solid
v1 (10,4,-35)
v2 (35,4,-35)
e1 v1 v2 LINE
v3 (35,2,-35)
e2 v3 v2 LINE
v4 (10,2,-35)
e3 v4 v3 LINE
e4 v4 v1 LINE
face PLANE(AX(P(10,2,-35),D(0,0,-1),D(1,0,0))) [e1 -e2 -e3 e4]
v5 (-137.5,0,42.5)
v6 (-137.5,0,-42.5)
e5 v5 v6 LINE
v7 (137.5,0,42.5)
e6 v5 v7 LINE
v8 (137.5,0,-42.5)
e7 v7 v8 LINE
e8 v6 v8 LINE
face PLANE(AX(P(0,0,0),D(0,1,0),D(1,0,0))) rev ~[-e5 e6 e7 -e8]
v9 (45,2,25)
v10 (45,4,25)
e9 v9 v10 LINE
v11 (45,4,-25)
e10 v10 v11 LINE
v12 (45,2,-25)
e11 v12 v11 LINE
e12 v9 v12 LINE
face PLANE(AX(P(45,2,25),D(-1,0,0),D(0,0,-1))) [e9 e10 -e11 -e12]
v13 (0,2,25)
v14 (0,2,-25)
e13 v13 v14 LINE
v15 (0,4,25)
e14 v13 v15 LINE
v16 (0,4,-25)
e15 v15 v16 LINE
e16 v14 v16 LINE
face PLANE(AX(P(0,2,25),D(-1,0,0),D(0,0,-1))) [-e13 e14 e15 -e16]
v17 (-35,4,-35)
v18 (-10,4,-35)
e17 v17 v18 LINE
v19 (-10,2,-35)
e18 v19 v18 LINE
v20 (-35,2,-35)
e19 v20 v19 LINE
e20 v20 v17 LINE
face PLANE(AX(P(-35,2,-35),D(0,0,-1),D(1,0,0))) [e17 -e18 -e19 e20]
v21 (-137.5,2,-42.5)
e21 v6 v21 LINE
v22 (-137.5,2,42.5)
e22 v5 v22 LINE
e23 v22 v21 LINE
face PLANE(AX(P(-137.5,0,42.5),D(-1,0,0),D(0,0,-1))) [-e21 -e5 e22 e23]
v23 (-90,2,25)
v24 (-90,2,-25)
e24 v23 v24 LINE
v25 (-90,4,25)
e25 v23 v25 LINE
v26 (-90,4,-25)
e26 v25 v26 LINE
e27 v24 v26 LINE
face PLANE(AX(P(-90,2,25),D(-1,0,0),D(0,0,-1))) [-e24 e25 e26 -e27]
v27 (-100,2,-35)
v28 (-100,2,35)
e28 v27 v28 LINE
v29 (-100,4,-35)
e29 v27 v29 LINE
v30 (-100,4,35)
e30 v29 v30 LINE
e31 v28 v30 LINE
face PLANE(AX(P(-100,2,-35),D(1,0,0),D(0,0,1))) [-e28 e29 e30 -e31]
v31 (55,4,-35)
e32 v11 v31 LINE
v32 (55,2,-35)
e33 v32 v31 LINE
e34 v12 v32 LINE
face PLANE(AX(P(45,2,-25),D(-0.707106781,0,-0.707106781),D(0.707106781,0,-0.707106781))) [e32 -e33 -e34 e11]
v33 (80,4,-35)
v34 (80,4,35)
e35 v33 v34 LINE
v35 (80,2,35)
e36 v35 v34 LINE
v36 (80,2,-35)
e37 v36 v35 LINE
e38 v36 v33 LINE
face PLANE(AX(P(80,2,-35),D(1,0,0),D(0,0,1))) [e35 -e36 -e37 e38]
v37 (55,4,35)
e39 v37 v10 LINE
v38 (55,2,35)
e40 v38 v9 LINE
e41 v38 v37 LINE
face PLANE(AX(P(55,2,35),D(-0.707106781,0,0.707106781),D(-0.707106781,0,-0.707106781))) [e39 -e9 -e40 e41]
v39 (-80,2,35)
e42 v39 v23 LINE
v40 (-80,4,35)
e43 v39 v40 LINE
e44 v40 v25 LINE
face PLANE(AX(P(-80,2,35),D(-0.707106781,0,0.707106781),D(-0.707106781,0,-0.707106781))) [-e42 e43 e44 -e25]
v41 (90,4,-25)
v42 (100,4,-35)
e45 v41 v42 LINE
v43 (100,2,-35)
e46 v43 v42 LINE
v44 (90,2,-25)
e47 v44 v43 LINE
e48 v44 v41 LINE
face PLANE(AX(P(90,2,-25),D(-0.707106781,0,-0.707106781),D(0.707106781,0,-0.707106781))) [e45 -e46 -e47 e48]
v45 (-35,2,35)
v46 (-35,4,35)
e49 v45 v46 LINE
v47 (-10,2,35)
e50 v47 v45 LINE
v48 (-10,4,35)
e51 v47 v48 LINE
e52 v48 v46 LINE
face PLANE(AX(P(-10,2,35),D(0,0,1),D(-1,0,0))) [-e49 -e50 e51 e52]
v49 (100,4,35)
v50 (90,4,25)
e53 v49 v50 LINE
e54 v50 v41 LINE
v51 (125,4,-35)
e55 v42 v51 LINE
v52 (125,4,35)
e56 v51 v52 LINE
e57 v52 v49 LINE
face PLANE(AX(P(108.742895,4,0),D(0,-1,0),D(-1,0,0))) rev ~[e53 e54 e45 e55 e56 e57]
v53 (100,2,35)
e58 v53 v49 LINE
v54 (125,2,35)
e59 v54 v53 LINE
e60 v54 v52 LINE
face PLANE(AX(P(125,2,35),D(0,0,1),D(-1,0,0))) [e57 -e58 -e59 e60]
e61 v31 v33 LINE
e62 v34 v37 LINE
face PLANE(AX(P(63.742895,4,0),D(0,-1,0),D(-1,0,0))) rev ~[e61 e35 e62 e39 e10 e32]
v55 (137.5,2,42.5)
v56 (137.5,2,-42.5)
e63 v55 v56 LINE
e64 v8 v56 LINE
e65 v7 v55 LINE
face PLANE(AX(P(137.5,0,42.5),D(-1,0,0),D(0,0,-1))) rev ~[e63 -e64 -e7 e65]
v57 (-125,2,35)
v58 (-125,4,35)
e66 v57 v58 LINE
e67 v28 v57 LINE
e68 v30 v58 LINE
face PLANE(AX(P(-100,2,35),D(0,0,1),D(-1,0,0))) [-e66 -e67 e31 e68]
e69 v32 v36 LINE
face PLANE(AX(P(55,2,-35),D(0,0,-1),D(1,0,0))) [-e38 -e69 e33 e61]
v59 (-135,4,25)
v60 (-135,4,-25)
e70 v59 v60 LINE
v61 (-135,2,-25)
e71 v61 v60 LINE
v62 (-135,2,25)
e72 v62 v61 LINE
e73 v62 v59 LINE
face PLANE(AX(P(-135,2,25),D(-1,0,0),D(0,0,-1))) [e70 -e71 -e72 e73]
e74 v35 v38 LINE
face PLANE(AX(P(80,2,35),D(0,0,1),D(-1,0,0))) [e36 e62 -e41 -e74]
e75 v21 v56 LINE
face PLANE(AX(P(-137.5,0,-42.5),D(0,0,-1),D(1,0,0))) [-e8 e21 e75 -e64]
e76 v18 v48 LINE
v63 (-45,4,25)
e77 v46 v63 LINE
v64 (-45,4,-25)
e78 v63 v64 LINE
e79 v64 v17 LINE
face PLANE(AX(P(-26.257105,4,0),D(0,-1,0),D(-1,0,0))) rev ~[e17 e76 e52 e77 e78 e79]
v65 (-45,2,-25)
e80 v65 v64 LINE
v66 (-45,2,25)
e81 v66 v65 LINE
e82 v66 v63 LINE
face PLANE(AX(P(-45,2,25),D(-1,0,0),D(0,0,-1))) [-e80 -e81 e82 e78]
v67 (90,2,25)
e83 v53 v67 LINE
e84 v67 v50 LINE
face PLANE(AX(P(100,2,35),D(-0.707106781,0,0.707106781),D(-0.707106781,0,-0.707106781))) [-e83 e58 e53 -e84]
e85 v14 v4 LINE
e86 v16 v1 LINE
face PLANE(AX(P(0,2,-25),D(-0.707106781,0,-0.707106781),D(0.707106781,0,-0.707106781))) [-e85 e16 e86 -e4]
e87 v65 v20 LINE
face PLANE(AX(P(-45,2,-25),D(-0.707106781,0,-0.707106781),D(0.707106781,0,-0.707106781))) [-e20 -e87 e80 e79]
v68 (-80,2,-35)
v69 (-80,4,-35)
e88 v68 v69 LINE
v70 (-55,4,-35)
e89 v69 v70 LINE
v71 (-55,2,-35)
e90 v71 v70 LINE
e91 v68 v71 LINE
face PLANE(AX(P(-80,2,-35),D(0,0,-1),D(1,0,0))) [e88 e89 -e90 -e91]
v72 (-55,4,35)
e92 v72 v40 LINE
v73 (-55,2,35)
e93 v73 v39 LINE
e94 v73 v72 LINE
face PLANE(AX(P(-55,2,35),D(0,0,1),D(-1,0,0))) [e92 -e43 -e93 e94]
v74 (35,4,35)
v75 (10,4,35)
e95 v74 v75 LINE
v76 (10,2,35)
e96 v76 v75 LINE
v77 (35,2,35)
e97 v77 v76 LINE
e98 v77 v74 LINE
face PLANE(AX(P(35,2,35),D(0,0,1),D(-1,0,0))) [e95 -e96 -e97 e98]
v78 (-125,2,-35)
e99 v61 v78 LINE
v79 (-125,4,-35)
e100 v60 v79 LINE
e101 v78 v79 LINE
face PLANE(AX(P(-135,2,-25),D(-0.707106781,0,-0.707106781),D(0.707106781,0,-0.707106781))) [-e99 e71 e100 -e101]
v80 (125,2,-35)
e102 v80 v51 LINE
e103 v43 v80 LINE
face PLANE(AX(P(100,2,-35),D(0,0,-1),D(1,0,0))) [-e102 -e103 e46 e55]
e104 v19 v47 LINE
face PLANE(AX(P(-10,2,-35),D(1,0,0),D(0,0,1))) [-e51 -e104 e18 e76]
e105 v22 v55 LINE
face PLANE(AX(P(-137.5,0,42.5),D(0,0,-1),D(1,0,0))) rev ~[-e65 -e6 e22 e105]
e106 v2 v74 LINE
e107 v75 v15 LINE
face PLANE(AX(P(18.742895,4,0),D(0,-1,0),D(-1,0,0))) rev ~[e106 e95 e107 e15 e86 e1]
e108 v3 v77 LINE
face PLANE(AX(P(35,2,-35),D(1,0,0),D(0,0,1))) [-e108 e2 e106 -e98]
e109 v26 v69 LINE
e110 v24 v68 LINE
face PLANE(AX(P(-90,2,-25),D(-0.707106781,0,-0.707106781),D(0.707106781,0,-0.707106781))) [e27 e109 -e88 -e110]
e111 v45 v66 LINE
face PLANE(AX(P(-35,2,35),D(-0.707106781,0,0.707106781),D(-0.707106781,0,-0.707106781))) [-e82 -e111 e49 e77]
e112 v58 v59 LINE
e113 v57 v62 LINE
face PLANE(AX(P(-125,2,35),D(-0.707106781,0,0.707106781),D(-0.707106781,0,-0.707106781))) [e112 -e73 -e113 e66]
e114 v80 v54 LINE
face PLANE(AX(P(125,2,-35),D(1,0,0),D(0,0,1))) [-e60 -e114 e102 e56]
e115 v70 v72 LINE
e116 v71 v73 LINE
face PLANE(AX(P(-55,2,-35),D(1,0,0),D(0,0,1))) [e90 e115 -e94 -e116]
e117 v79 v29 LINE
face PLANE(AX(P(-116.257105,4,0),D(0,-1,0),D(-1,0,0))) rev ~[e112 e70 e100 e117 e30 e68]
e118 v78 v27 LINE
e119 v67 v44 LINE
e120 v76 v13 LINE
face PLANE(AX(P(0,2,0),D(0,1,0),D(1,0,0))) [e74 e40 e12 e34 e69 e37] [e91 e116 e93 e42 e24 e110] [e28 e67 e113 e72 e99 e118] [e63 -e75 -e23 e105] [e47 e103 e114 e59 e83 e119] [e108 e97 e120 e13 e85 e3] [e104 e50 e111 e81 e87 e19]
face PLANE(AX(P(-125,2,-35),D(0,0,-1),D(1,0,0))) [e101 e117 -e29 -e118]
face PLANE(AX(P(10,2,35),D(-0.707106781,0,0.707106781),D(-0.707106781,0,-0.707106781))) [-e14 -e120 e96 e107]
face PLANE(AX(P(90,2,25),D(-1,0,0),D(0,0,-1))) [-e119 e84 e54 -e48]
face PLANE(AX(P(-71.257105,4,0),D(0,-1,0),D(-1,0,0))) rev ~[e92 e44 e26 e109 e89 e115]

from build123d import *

# Parameters (mm, degrees)
SKETCH1_W           = 275
SKETCH1_H           = 85
BOSS_EXTRUDE1_DEPTH = 2
BOSS_EXTRUDE2_DEPTH = 2


with BuildPart() as part:
    # Sketch1 → Boss-Extrude1 (new body)
    with BuildSketch(Plane(origin=(0, 0, 0), x_dir=(1, 0, 0), z_dir=(0, 1, 0))):
        Rectangle(SKETCH1_W, SKETCH1_H)
    extrude(amount=BOSS_EXTRUDE1_DEPTH)

    # Sketch2 → Boss-Extrude2 (add)
    with BuildSketch(Plane(origin=(0, 2, 0), x_dir=(1, 0, 0), z_dir=(0, 1, 0))):
        Polygon((-100, 35), (-100, -35), (-125, -35), (-135, -25), (-135, 25), (-125, 35), align=None)
        Polygon((-90, 25), (-80, 35), (-55, 35), (-55, -35), (-80, -35), (-90, -25), align=None)
        Polygon((-45, 25), (-35, 35), (-10, 35), (-10, -35), (-35, -35), (-45, -25), align=None)
        Polygon((0, 25), (10, 35), (35, 35), (35, -35), (10, -35), (0, -25), align=None)
        Polygon((45, 25), (55, 35), (80, 35), (80, -35), (55, -35), (45, -25), align=None)
        Polygon((90, 25), (100, 35), (125, 35), (125, -35), (100, -35), (90, -25), align=None)
    extrude(amount=BOSS_EXTRUDE2_DEPTH)


solid = part.part
